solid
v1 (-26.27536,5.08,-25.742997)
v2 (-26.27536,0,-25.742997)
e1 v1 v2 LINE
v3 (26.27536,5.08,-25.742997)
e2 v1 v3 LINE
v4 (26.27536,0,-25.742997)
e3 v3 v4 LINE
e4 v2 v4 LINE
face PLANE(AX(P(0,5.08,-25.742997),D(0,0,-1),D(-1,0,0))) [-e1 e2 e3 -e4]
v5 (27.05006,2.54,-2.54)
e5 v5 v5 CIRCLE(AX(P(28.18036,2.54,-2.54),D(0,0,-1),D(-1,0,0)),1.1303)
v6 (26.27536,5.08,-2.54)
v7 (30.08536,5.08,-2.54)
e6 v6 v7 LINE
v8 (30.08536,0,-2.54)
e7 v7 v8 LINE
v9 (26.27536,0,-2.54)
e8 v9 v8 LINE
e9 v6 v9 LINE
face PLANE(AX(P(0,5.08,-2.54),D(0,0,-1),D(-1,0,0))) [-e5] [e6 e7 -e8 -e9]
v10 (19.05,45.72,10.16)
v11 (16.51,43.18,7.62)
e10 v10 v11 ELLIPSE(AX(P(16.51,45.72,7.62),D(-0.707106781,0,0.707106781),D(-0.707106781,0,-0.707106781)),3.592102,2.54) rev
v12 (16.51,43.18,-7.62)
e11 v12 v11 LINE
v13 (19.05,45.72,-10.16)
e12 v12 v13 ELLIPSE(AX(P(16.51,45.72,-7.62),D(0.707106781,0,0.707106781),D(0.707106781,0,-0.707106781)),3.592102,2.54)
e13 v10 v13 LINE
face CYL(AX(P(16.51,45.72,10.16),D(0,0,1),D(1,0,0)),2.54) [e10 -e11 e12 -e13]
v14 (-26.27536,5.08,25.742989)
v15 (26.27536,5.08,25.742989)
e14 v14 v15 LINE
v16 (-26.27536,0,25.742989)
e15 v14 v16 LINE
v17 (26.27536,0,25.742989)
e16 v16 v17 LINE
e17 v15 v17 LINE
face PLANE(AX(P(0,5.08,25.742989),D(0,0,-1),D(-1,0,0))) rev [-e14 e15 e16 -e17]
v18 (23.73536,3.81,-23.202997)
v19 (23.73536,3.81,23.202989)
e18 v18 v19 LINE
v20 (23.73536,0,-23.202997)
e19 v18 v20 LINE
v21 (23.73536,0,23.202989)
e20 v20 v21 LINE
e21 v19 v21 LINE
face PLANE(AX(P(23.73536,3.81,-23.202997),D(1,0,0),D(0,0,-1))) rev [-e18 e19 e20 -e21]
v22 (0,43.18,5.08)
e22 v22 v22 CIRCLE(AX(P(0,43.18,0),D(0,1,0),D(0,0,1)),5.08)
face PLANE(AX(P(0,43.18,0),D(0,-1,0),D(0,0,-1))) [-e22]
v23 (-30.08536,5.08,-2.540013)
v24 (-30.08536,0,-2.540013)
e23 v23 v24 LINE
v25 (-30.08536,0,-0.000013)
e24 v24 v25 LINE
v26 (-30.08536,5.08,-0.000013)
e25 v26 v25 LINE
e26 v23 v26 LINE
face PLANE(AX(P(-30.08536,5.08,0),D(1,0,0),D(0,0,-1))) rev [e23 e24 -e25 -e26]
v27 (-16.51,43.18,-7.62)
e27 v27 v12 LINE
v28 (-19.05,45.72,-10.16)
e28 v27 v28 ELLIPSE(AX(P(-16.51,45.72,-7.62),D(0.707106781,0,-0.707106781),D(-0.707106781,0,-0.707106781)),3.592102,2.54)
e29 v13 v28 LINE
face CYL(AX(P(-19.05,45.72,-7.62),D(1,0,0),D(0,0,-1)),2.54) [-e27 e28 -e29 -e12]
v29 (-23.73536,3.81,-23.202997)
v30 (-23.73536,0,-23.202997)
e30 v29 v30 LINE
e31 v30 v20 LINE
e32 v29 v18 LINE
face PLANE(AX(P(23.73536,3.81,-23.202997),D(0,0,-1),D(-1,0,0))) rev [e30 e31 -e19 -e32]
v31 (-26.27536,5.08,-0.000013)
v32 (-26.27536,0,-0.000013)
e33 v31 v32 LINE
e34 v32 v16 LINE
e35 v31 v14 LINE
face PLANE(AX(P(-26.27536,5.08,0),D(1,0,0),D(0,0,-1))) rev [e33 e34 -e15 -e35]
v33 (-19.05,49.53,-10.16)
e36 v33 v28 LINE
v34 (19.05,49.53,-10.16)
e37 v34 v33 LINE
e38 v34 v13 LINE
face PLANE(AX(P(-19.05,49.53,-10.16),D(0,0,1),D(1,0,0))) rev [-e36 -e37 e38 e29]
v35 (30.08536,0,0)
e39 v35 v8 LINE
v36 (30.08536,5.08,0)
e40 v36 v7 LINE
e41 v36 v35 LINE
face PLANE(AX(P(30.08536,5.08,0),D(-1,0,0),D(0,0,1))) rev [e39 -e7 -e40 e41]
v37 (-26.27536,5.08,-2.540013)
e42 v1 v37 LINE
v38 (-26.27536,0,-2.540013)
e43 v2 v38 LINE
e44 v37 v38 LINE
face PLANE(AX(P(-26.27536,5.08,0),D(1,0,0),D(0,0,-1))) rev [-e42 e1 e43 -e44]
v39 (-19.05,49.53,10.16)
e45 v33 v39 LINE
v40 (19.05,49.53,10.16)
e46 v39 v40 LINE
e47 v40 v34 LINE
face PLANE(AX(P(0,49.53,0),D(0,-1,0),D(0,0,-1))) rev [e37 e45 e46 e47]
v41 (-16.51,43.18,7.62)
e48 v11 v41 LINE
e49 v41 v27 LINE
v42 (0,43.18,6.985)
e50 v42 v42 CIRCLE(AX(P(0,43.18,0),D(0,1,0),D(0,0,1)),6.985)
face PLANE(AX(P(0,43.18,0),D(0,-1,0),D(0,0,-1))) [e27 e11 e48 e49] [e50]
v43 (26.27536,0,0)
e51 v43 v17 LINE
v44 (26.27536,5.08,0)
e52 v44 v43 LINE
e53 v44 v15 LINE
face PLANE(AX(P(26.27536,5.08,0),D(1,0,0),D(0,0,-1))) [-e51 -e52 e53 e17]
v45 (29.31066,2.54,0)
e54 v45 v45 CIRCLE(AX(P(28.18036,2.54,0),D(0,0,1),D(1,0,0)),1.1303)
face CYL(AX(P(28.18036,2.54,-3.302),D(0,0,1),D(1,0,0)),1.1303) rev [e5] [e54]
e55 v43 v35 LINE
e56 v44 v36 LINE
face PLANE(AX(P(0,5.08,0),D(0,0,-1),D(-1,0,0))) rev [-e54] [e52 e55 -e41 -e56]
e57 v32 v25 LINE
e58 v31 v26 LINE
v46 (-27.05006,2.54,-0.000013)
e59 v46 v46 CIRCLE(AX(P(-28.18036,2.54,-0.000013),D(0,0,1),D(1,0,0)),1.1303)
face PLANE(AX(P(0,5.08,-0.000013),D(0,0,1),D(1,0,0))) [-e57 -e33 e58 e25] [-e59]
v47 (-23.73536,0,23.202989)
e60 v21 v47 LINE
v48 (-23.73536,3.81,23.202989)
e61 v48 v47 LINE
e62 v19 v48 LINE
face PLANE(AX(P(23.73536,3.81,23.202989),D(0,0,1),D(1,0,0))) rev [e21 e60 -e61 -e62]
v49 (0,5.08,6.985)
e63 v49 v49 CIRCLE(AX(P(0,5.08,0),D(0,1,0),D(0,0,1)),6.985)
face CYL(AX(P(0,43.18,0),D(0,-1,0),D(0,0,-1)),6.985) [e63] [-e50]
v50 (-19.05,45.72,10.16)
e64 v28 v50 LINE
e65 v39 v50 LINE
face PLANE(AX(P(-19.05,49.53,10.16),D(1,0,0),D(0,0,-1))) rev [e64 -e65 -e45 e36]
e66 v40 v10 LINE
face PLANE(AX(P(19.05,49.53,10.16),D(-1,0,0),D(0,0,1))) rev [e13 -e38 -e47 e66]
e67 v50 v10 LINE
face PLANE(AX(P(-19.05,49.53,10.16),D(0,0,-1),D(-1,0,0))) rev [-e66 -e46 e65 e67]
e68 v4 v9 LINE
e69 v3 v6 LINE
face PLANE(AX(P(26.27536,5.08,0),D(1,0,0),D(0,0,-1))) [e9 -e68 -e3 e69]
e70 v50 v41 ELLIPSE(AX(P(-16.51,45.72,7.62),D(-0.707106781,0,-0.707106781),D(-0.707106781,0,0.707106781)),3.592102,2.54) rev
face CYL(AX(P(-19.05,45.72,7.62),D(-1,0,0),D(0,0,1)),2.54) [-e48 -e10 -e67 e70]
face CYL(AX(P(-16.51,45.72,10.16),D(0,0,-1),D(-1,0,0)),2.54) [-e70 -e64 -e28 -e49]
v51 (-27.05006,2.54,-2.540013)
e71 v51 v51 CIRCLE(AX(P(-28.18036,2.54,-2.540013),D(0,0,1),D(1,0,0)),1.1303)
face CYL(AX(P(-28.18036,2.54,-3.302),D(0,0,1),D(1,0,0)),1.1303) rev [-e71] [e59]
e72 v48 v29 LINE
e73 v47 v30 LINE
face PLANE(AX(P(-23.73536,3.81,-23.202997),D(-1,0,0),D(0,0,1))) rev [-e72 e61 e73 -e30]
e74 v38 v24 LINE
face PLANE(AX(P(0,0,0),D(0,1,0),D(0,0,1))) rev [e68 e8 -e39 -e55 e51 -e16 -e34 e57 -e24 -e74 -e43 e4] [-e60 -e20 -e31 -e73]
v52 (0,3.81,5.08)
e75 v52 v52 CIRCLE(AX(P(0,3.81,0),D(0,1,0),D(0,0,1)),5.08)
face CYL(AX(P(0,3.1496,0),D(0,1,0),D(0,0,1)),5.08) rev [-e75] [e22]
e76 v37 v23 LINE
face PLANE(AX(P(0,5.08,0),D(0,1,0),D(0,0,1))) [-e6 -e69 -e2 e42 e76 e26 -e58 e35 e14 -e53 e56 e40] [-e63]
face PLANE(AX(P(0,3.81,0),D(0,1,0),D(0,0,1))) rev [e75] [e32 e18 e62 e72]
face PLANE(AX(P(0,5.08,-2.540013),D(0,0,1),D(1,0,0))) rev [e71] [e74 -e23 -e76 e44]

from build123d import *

# Parameters (mm, degrees)
SKETCH2_W           = 52.5507204
SKETCH2_H           = 51.48598542
SKETCH2_W_2         = 3.81
SKETCH2_H_2         = 2.54
BOSS_EXTRUDE1_DEPTH = 5.08
SKETCH3_W           = 47.4707204
SKETCH3_H           = 46.40598542
CUT_EXTRUDE1_DEPTH  = 3.81
SKETCH4_R           = 1.1303
CUT_EXTRUDE2_DEPTH  = 3.302
SKETCH5_R           = 5.08
CUT_EXTRUDE3_DEPTH  = 1.9304
SKETCH6_R           = 6.985
BOSS_EXTRUDE2_DEPTH = 38.1
SKETCH8_R           = 5.08
CUT_EXTRUDE4_DEPTH  = 38.1
SKETCH7_W           = 38.1
SKETCH7_H           = 20.32
BOSS_EXTRUDE3_DEPTH = 6.35
FILLET3_R           = 2.54


with BuildPart() as part:
    # Sketch2 → Boss-Extrude1 (new body)
    with BuildSketch(Plane(origin=(0, 0, 0), x_dir=(1, 0, 0), z_dir=(0, 1, 0))):
        with Locations((0, 3.81e-06)):
            Rectangle(SKETCH2_W, SKETCH2_H)
        with Locations((28.1803602, 1.27)):
            Rectangle(SKETCH2_W_2, SKETCH2_H_2)
        with Locations((-28.1803602, 1.2700127)):
            Rectangle(SKETCH2_W_2, SKETCH2_H_2)
    extrude(amount=BOSS_EXTRUDE1_DEPTH)

    # Sketch3 → Cut-Extrude1 (cut)
    with BuildSketch(Plane.XZ):
        with Locations((0, -3.81e-06)):
            Rectangle(SKETCH3_W, SKETCH3_H)
    extrude(amount=-CUT_EXTRUDE1_DEPTH, mode=Mode.SUBTRACT)

    # Sketch4 → Cut-Extrude2 (cut)
    with BuildSketch(Plane.XY):
        with Locations((28.1803602, 2.54)):
            Circle(SKETCH4_R)
        with Locations((-28.1803602, 2.54)):
            Circle(SKETCH4_R)
    extrude(amount=-CUT_EXTRUDE2_DEPTH, mode=Mode.SUBTRACT)

    # Sketch5 → Cut-Extrude3 (cut)
    with BuildSketch(Plane(origin=(0, 5.08, 0), x_dir=(1, 0, 0), z_dir=(0, 1, 0))):
        Circle(SKETCH5_R)
    extrude(amount=-CUT_EXTRUDE3_DEPTH, mode=Mode.SUBTRACT)

    # Sketch6 → Boss-Extrude2 (add)
    with BuildSketch(Plane(origin=(0, 5.08, 0), x_dir=(1, 0, 0), z_dir=(0, 1, 0))):
        Circle(SKETCH6_R)
    extrude(amount=BOSS_EXTRUDE2_DEPTH)

    # Sketch8 → Cut-Extrude4 (cut)
    with BuildSketch(Plane(origin=(0, 43.18, 0), x_dir=(1, 0, 0), z_dir=(0, 1, 0))):
        Circle(SKETCH8_R)
    extrude(amount=-CUT_EXTRUDE4_DEPTH, mode=Mode.SUBTRACT)

    # Sketch7 → Boss-Extrude3 (add)
    with BuildSketch(Plane(origin=(0, 43.18, 0), x_dir=(1, 0, 0), z_dir=(0, 1, 0))):
        Rectangle(SKETCH7_W, SKETCH7_H)
    extrude(amount=BOSS_EXTRUDE3_DEPTH)

    # Fillet3
    fillet3_edges = [part.edges().sort_by_distance(p)[0] for p in [
        (-19.05, 43.18, 0),
        (0, 43.18, 10.16),
        (19.05, 43.18, 0),
        (0, 43.18, -10.16),
    ]]
    fillet(fillet3_edges, radius=FILLET3_R)


solid = part.part
